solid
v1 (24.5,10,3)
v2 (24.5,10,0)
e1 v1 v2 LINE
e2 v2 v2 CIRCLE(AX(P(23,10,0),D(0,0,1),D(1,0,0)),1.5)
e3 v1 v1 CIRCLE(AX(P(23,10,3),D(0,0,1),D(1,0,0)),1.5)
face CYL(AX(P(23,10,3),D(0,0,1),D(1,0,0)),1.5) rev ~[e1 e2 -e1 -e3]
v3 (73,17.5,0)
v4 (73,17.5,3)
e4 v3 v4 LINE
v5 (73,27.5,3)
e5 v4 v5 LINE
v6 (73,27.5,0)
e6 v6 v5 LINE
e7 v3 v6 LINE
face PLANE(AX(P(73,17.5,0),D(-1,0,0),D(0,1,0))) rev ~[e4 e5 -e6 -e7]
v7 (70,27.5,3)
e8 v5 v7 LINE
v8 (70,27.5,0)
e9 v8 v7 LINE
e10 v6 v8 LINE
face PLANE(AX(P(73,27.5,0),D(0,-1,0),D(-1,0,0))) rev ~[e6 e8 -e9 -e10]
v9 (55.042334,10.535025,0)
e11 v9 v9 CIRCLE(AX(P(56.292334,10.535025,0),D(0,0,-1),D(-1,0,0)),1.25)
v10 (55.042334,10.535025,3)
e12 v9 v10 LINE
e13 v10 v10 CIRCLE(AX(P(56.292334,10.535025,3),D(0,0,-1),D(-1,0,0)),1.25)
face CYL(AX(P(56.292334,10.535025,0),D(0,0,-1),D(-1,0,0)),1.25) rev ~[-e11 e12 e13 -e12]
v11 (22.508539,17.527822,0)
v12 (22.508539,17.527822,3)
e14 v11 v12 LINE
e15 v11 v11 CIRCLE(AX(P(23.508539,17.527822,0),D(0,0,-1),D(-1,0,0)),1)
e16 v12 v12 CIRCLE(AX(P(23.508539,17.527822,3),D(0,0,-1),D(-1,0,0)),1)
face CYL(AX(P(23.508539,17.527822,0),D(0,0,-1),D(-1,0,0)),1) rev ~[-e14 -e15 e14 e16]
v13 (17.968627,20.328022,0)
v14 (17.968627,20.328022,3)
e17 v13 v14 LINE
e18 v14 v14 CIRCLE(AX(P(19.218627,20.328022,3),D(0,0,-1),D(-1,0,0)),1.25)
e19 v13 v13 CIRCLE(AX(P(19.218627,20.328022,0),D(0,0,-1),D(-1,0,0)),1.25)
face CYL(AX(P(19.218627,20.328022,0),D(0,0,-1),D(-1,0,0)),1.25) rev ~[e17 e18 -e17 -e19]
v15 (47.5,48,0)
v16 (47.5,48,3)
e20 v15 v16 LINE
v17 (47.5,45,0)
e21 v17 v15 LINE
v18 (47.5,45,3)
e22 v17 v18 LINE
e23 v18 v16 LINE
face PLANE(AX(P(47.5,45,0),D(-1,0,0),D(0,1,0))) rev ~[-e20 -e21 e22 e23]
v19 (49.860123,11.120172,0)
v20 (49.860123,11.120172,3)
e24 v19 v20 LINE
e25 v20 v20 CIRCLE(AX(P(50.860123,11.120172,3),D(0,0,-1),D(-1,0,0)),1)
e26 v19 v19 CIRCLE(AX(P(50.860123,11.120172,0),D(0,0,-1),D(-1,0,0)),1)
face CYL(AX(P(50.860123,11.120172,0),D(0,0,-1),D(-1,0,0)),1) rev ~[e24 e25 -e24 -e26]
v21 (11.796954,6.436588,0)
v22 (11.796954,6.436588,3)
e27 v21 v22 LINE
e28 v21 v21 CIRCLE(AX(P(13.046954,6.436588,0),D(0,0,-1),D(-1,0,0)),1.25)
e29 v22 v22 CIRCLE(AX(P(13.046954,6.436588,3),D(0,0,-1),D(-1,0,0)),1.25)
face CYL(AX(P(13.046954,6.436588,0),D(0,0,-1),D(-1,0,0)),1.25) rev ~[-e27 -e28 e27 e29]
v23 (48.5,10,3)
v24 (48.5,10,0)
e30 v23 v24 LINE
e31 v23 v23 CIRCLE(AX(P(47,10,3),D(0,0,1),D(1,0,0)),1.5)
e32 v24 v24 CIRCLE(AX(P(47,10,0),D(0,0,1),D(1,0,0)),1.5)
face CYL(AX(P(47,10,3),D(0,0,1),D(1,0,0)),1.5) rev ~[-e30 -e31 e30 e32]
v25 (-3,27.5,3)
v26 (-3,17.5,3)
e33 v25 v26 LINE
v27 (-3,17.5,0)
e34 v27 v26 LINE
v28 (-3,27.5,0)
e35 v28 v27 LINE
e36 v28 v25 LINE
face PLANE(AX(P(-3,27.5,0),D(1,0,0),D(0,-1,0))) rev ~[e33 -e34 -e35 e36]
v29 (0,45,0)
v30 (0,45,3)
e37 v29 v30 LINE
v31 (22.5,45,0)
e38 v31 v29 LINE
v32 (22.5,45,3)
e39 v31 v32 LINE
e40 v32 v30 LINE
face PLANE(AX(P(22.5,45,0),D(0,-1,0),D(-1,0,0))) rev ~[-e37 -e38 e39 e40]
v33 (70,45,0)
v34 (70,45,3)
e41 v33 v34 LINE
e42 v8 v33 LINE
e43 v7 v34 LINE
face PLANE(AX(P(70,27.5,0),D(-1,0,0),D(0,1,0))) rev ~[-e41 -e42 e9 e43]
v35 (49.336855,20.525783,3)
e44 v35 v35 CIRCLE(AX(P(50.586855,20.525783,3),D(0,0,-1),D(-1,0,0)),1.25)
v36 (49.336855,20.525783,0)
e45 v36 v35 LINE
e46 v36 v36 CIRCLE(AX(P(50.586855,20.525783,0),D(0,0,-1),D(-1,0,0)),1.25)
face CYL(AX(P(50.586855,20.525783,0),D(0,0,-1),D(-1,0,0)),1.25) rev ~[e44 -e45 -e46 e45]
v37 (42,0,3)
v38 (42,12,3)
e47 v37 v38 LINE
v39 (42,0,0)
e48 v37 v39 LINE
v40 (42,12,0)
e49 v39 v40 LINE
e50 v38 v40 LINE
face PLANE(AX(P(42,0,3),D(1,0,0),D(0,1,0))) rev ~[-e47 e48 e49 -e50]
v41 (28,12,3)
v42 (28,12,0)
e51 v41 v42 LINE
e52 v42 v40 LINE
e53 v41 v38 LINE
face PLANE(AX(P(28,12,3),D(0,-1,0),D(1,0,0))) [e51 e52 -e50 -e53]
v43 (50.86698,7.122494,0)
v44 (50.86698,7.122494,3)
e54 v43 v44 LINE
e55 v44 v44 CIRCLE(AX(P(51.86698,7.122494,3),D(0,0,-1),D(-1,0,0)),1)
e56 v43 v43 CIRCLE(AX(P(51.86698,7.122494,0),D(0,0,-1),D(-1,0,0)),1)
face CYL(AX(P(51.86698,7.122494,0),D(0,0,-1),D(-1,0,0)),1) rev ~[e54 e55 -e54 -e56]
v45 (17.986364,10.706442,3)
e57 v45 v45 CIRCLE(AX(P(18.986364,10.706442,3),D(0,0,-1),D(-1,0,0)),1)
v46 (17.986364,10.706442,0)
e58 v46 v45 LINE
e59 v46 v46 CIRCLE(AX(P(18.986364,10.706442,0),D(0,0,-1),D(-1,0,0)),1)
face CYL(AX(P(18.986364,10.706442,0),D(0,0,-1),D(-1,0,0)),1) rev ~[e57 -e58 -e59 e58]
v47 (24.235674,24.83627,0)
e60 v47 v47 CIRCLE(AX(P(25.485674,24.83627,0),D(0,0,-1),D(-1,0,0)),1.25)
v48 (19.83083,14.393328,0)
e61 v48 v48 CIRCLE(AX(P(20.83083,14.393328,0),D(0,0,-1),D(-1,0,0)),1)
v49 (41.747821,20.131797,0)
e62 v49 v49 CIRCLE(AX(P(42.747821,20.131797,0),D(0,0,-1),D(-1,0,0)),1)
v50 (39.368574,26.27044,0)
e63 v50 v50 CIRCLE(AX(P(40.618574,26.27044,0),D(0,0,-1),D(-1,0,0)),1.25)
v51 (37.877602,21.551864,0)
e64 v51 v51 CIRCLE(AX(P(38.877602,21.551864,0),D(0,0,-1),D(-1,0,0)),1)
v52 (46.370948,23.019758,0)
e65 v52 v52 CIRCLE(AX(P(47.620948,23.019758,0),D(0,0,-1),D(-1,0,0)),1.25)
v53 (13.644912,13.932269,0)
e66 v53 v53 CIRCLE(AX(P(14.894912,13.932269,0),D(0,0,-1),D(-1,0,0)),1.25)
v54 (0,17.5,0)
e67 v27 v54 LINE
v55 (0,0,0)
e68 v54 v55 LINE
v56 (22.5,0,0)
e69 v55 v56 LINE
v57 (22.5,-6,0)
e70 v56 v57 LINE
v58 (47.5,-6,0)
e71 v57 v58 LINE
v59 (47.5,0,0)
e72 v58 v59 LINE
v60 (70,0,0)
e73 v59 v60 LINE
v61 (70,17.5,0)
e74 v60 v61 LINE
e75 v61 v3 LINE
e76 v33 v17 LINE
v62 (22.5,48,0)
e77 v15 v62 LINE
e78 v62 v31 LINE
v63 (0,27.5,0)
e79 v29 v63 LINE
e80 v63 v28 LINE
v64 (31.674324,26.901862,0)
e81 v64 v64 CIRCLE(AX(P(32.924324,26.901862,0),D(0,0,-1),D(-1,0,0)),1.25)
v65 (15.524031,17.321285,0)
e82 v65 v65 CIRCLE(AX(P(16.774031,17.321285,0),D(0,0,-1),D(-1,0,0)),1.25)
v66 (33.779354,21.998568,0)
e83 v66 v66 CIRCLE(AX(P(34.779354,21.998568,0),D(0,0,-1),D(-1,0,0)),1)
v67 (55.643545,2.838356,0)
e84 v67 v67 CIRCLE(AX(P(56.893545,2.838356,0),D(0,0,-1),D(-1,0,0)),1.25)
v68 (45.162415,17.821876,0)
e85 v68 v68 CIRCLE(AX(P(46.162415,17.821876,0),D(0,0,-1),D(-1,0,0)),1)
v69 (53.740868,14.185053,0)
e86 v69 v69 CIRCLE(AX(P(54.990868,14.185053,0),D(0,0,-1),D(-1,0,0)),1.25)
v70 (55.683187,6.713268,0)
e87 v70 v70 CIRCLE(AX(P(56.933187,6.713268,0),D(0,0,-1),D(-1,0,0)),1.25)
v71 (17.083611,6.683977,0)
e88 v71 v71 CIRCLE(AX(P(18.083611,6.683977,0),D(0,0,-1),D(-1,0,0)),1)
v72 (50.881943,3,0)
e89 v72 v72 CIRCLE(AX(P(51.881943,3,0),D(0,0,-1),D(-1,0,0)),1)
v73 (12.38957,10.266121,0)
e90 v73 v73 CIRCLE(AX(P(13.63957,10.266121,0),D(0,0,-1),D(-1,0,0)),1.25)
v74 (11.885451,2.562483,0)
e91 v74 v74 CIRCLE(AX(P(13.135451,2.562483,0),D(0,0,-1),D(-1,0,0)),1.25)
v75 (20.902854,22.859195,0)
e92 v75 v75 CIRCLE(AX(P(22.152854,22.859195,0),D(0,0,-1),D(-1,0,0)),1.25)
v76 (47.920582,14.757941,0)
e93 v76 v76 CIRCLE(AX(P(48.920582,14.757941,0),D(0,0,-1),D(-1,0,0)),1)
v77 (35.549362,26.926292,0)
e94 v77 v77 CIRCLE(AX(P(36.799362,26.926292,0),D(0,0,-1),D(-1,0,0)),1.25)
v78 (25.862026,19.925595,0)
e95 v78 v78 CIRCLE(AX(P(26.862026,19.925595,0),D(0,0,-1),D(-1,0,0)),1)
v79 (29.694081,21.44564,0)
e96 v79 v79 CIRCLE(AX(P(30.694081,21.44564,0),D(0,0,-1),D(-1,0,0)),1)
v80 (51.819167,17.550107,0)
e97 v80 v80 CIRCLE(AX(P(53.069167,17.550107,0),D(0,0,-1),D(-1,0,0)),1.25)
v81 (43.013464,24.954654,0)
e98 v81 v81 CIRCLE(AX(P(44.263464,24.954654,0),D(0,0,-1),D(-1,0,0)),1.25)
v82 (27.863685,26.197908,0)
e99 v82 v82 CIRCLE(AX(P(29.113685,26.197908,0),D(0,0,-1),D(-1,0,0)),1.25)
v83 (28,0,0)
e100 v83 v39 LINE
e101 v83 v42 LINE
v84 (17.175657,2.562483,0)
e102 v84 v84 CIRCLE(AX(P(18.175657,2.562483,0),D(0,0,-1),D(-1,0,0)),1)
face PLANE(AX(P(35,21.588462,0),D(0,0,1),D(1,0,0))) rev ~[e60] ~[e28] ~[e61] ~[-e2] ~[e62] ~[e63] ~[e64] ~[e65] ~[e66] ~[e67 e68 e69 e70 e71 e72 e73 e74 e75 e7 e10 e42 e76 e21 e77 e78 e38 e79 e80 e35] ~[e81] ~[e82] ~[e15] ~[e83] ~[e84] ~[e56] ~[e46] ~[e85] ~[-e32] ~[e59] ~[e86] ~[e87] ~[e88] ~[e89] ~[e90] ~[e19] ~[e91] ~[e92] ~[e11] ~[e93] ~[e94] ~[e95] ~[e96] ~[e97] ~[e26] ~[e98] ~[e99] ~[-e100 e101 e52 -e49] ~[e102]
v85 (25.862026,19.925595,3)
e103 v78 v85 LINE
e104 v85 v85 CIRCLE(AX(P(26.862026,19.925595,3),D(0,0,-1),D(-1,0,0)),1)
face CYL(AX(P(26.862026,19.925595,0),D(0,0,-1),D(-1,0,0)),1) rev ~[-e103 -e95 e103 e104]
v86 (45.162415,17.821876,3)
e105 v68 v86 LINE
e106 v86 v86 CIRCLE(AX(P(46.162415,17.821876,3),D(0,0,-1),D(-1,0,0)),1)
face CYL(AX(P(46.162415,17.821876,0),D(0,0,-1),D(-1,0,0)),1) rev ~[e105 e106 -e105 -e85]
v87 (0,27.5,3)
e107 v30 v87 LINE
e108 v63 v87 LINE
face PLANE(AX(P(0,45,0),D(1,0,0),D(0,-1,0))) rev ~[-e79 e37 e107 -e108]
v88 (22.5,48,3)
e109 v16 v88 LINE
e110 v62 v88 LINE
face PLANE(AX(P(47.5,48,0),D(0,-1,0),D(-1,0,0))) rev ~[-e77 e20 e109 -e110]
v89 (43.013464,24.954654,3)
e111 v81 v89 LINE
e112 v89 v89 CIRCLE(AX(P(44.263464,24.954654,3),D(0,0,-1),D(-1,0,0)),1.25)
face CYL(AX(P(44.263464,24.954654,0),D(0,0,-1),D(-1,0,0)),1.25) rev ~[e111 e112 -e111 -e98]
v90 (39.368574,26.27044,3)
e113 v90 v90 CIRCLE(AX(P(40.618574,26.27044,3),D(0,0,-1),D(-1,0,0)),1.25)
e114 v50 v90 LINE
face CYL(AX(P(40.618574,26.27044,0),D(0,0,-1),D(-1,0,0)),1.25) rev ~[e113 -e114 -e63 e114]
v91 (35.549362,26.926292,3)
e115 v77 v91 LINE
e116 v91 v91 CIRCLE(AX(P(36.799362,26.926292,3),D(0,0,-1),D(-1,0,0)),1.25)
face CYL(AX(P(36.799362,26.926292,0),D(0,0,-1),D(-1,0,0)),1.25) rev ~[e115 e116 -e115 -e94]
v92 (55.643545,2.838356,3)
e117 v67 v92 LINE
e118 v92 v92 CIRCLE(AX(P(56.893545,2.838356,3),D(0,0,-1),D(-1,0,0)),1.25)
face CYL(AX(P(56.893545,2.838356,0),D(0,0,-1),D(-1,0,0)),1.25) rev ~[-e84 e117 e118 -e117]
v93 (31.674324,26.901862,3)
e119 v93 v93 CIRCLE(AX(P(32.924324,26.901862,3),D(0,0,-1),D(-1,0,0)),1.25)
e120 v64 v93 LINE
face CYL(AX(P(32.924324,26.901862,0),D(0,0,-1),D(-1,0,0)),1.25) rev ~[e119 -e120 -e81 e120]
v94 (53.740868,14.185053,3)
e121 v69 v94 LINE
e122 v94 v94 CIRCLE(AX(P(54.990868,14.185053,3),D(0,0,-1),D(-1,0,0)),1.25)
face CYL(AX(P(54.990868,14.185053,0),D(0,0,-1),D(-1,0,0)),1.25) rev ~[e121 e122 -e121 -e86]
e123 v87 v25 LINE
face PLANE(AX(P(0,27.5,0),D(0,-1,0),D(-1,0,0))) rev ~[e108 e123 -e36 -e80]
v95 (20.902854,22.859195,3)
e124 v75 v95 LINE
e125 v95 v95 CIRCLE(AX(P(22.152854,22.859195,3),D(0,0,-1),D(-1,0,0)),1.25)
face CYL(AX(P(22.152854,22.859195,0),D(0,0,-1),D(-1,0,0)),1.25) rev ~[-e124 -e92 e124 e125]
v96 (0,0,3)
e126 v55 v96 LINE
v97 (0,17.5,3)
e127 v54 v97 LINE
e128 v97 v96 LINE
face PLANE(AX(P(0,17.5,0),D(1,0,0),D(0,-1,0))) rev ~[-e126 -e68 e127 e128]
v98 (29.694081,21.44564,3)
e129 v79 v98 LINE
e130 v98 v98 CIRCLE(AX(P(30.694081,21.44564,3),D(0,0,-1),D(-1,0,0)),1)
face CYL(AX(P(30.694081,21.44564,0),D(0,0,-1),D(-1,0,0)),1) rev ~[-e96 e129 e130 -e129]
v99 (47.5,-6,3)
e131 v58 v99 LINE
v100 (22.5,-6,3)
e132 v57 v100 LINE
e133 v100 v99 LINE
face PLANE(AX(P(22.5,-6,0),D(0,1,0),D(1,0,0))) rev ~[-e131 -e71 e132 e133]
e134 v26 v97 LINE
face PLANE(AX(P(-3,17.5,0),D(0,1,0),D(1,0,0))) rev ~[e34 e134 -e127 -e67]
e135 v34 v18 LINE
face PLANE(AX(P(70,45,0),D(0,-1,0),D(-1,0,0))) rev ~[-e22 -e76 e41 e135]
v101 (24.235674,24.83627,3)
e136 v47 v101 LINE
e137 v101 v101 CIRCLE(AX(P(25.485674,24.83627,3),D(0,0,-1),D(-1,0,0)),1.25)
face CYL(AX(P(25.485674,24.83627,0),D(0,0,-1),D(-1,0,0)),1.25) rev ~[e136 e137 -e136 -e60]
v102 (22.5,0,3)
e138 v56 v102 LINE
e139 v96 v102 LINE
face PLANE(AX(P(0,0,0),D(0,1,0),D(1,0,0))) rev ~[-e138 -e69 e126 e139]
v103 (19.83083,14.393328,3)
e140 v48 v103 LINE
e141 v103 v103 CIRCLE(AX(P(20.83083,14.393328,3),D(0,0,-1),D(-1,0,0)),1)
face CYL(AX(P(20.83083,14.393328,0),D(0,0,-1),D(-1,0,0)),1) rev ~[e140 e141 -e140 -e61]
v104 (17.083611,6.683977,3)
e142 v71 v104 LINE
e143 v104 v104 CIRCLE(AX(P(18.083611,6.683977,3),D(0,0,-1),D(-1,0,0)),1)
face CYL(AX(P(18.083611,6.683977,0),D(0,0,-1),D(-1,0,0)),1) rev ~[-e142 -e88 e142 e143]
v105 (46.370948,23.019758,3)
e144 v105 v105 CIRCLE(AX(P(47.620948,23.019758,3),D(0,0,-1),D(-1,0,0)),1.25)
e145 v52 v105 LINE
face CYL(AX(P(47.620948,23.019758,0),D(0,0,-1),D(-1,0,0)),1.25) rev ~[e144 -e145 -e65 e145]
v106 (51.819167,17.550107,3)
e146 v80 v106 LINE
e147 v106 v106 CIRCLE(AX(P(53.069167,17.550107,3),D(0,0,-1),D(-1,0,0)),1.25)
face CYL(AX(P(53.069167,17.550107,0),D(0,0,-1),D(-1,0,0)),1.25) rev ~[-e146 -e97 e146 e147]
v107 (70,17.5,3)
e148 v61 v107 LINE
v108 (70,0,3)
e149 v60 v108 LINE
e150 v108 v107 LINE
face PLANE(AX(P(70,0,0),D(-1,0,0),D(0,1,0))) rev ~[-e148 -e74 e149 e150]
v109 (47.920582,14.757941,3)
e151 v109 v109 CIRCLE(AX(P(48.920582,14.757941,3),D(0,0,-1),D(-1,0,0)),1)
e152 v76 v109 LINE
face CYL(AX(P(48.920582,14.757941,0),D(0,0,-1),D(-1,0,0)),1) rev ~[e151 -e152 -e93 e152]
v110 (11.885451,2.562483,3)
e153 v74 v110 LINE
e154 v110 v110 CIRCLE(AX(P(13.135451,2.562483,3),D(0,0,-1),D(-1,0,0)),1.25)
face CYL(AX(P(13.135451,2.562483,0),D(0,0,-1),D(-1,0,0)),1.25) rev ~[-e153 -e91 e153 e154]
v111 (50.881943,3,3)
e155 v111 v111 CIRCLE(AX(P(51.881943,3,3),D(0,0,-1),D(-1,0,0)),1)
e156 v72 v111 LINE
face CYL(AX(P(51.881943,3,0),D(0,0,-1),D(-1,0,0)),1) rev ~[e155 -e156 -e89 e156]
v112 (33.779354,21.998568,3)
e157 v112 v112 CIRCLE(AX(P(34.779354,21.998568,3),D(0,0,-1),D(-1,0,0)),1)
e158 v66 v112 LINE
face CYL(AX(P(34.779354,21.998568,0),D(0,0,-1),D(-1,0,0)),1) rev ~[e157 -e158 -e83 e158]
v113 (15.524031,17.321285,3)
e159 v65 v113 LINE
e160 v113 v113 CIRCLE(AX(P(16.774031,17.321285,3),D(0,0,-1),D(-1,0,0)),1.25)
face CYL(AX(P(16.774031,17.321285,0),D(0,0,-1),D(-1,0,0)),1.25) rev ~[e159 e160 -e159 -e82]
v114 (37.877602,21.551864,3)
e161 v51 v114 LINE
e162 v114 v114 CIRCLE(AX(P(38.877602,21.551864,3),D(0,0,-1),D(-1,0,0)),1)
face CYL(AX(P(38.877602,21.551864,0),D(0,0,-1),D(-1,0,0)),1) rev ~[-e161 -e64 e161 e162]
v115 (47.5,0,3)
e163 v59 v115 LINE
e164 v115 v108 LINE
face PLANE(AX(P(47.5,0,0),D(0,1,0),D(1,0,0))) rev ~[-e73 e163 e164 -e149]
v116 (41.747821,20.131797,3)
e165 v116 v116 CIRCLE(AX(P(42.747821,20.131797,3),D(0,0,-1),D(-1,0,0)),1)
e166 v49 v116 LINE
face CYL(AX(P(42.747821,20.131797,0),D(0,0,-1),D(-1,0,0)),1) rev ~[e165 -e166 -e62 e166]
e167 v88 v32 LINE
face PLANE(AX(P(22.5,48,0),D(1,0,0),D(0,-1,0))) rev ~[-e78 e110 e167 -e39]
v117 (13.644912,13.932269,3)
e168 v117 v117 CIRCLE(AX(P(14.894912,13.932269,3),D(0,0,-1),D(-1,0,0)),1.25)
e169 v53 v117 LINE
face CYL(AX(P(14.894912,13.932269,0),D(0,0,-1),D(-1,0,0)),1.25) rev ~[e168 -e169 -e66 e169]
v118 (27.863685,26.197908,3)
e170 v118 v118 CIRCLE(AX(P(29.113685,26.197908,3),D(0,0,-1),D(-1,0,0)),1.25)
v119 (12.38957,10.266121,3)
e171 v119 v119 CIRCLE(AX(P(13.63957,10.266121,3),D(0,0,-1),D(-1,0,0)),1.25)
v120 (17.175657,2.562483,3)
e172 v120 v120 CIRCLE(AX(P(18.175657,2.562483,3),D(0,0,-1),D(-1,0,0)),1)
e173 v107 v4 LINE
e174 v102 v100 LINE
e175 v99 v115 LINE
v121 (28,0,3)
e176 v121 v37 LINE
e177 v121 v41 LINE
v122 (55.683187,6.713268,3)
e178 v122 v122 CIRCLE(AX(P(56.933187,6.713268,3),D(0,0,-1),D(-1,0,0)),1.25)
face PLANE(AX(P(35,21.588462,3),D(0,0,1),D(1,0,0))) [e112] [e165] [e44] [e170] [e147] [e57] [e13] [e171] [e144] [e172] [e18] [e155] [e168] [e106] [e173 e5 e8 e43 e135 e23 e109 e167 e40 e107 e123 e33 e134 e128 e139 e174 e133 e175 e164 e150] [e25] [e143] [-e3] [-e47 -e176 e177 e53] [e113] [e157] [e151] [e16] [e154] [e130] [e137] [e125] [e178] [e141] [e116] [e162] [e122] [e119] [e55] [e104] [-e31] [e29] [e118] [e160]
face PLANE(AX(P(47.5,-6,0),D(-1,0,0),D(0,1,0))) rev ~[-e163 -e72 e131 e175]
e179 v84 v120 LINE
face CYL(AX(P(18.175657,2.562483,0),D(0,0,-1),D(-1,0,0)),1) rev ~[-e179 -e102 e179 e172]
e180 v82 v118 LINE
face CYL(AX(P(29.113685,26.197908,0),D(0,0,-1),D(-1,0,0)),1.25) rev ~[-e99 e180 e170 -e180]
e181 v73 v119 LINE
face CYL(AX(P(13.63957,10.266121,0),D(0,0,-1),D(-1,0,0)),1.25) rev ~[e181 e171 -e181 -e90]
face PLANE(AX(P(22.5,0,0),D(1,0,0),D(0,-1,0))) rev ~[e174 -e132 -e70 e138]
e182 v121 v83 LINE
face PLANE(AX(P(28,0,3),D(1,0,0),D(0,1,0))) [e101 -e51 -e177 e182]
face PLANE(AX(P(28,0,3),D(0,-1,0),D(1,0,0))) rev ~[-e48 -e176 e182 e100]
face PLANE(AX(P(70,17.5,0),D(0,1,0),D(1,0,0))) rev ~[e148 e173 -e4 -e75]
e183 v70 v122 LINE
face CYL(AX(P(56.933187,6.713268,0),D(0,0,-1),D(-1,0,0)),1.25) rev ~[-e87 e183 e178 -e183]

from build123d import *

# Parameters (mm, degrees)
BOSS_EXTRUDE1_DEPTH = 3
SKETCH2_R           = 1.5
SKETCH2_W           = 14
SKETCH2_H           = 12
CUT_EXTRUDE1_DEPTH  = 88.418533504
SKETCH3_R           = 1
SKETCH3_R_2         = 1.25
CUT_EXTRUDE2_DEPTH  = 88.418533504


with BuildPart() as part:
    # Sketch1 → Boss-Extrude1 (new body)
    with BuildSketch(Plane.XY):
        Polygon((0, 0), (22.5, 0), (22.5, -6), (47.5, -6), (47.5, 0), (70, 0), (70, 17.5), (73, 17.5), (73, 27.5), (70, 27.5), (70, 45), (47.5, 45), (47.5, 48), (22.5, 48), (22.5, 45), (0, 45), (0, 27.5), (-3, 27.5), (-3, 17.5), (0, 17.5), align=None)
    extrude(amount=BOSS_EXTRUDE1_DEPTH)

    # Sketch2 → Cut-Extrude1 (cut, through all)
    with BuildSketch(Plane.XY.offset(3)):
        with Locations((23, 10)):
            Circle(SKETCH2_R)
        with Locations((47, 10)):
            Circle(SKETCH2_R)
        with Locations((35, 6)):
            Rectangle(SKETCH2_W, SKETCH2_H)
    extrude(amount=-CUT_EXTRUDE1_DEPTH, mode=Mode.SUBTRACT)

    # Sketch3 → Cut-Extrude2 (cut, through all)
    with BuildSketch(Plane(origin=(0, 0, 0), x_dir=(-1, 0, 0), z_dir=(0, 0, -1))):
        with Locations((-51.881943016, 3)):
            Circle(SKETCH3_R)
        with Locations((-51.866980094, 7.122494405)):
            Circle(SKETCH3_R)
        with Locations((-50.860122949, 11.120171569)):
            Circle(SKETCH3_R)
        with Locations((-48.920581694, 14.757940628)):
            Circle(SKETCH3_R)
        with Locations((-46.162414669, 17.82187579)):
            Circle(SKETCH3_R)
        with Locations((-42.74782103, 20.131796631)):
            Circle(SKETCH3_R)
        with Locations((-38.877602325, 21.55186395)):
            Circle(SKETCH3_R)
        with Locations((-34.779353984, 21.998568038)):
            Circle(SKETCH3_R)
        with Locations((-30.694081142, 21.445639629)):
            Circle(SKETCH3_R)
        with Locations((-26.862025891, 19.925594708)):
            Circle(SKETCH3_R)
        with Locations((-23.508539385, 17.527822354)):
            Circle(SKETCH3_R)
        with Locations((-20.830829653, 14.39332804)):
            Circle(SKETCH3_R)
        with Locations((-18.98636441, 10.706441551)):
            Circle(SKETCH3_R)
        with Locations((-18.083610875, 6.683977124)):
            Circle(SKETCH3_R)
        with Locations((-18.175657153, 2.562483282)):
            Circle(SKETCH3_R)
        with Locations((-13.135450788, 2.562483282)):
            Circle(SKETCH3_R_2)
        with Locations((-13.046954317, 6.436588053)):
            Circle(SKETCH3_R_2)
        with Locations((-13.639570111, 10.266121435)):
            Circle(SKETCH3_R_2)
        with Locations((-14.894911752, 13.932268836)):
            Circle(SKETCH3_R_2)
        with Locations((-16.774031178, 17.321284856)):
            Circle(SKETCH3_R_2)
        with Locations((-19.21862708, 20.328022337)):
            Circle(SKETCH3_R_2)
        with Locations((-22.152853752, 22.859194643)):
            Circle(SKETCH3_R_2)
        with Locations((-25.485674269, 24.836269959)):
            Circle(SKETCH3_R_2)
        with Locations((-29.113684986, 26.197907811)):
            Circle(SKETCH3_R_2)
        with Locations((-32.924323727, 26.901862204)):
            Circle(SKETCH3_R_2)
        with Locations((-36.799362123, 26.926292344)):
            Circle(SKETCH3_R_2)
        with Locations((-40.61857375, 26.270440264)):
            Circle(SKETCH3_R_2)
        with Locations((-44.263464258, 24.954654343)):
            Circle(SKETCH3_R_2)
        with Locations((-47.62094776, 23.01975798)):
            Circle(SKETCH3_R_2)
        with Locations((-50.586855421, 20.52578301)):
            Circle(SKETCH3_R_2)
        with Locations((-53.069167386, 17.550107169)):
            Circle(SKETCH3_R_2)
        with Locations((-54.990867776, 14.185053378)):
            Circle(SKETCH3_R_2)
        with Locations((-56.29233417, 10.535025347)):
            Circle(SKETCH3_R_2)
        with Locations((-56.933187446, 6.713268358)):
            Circle(SKETCH3_R_2)
        with Locations((-56.893544575, 2.838355734)):
            Circle(SKETCH3_R_2)
    extrude(amount=-CUT_EXTRUDE2_DEPTH, mode=Mode.SUBTRACT)


solid = part.part
